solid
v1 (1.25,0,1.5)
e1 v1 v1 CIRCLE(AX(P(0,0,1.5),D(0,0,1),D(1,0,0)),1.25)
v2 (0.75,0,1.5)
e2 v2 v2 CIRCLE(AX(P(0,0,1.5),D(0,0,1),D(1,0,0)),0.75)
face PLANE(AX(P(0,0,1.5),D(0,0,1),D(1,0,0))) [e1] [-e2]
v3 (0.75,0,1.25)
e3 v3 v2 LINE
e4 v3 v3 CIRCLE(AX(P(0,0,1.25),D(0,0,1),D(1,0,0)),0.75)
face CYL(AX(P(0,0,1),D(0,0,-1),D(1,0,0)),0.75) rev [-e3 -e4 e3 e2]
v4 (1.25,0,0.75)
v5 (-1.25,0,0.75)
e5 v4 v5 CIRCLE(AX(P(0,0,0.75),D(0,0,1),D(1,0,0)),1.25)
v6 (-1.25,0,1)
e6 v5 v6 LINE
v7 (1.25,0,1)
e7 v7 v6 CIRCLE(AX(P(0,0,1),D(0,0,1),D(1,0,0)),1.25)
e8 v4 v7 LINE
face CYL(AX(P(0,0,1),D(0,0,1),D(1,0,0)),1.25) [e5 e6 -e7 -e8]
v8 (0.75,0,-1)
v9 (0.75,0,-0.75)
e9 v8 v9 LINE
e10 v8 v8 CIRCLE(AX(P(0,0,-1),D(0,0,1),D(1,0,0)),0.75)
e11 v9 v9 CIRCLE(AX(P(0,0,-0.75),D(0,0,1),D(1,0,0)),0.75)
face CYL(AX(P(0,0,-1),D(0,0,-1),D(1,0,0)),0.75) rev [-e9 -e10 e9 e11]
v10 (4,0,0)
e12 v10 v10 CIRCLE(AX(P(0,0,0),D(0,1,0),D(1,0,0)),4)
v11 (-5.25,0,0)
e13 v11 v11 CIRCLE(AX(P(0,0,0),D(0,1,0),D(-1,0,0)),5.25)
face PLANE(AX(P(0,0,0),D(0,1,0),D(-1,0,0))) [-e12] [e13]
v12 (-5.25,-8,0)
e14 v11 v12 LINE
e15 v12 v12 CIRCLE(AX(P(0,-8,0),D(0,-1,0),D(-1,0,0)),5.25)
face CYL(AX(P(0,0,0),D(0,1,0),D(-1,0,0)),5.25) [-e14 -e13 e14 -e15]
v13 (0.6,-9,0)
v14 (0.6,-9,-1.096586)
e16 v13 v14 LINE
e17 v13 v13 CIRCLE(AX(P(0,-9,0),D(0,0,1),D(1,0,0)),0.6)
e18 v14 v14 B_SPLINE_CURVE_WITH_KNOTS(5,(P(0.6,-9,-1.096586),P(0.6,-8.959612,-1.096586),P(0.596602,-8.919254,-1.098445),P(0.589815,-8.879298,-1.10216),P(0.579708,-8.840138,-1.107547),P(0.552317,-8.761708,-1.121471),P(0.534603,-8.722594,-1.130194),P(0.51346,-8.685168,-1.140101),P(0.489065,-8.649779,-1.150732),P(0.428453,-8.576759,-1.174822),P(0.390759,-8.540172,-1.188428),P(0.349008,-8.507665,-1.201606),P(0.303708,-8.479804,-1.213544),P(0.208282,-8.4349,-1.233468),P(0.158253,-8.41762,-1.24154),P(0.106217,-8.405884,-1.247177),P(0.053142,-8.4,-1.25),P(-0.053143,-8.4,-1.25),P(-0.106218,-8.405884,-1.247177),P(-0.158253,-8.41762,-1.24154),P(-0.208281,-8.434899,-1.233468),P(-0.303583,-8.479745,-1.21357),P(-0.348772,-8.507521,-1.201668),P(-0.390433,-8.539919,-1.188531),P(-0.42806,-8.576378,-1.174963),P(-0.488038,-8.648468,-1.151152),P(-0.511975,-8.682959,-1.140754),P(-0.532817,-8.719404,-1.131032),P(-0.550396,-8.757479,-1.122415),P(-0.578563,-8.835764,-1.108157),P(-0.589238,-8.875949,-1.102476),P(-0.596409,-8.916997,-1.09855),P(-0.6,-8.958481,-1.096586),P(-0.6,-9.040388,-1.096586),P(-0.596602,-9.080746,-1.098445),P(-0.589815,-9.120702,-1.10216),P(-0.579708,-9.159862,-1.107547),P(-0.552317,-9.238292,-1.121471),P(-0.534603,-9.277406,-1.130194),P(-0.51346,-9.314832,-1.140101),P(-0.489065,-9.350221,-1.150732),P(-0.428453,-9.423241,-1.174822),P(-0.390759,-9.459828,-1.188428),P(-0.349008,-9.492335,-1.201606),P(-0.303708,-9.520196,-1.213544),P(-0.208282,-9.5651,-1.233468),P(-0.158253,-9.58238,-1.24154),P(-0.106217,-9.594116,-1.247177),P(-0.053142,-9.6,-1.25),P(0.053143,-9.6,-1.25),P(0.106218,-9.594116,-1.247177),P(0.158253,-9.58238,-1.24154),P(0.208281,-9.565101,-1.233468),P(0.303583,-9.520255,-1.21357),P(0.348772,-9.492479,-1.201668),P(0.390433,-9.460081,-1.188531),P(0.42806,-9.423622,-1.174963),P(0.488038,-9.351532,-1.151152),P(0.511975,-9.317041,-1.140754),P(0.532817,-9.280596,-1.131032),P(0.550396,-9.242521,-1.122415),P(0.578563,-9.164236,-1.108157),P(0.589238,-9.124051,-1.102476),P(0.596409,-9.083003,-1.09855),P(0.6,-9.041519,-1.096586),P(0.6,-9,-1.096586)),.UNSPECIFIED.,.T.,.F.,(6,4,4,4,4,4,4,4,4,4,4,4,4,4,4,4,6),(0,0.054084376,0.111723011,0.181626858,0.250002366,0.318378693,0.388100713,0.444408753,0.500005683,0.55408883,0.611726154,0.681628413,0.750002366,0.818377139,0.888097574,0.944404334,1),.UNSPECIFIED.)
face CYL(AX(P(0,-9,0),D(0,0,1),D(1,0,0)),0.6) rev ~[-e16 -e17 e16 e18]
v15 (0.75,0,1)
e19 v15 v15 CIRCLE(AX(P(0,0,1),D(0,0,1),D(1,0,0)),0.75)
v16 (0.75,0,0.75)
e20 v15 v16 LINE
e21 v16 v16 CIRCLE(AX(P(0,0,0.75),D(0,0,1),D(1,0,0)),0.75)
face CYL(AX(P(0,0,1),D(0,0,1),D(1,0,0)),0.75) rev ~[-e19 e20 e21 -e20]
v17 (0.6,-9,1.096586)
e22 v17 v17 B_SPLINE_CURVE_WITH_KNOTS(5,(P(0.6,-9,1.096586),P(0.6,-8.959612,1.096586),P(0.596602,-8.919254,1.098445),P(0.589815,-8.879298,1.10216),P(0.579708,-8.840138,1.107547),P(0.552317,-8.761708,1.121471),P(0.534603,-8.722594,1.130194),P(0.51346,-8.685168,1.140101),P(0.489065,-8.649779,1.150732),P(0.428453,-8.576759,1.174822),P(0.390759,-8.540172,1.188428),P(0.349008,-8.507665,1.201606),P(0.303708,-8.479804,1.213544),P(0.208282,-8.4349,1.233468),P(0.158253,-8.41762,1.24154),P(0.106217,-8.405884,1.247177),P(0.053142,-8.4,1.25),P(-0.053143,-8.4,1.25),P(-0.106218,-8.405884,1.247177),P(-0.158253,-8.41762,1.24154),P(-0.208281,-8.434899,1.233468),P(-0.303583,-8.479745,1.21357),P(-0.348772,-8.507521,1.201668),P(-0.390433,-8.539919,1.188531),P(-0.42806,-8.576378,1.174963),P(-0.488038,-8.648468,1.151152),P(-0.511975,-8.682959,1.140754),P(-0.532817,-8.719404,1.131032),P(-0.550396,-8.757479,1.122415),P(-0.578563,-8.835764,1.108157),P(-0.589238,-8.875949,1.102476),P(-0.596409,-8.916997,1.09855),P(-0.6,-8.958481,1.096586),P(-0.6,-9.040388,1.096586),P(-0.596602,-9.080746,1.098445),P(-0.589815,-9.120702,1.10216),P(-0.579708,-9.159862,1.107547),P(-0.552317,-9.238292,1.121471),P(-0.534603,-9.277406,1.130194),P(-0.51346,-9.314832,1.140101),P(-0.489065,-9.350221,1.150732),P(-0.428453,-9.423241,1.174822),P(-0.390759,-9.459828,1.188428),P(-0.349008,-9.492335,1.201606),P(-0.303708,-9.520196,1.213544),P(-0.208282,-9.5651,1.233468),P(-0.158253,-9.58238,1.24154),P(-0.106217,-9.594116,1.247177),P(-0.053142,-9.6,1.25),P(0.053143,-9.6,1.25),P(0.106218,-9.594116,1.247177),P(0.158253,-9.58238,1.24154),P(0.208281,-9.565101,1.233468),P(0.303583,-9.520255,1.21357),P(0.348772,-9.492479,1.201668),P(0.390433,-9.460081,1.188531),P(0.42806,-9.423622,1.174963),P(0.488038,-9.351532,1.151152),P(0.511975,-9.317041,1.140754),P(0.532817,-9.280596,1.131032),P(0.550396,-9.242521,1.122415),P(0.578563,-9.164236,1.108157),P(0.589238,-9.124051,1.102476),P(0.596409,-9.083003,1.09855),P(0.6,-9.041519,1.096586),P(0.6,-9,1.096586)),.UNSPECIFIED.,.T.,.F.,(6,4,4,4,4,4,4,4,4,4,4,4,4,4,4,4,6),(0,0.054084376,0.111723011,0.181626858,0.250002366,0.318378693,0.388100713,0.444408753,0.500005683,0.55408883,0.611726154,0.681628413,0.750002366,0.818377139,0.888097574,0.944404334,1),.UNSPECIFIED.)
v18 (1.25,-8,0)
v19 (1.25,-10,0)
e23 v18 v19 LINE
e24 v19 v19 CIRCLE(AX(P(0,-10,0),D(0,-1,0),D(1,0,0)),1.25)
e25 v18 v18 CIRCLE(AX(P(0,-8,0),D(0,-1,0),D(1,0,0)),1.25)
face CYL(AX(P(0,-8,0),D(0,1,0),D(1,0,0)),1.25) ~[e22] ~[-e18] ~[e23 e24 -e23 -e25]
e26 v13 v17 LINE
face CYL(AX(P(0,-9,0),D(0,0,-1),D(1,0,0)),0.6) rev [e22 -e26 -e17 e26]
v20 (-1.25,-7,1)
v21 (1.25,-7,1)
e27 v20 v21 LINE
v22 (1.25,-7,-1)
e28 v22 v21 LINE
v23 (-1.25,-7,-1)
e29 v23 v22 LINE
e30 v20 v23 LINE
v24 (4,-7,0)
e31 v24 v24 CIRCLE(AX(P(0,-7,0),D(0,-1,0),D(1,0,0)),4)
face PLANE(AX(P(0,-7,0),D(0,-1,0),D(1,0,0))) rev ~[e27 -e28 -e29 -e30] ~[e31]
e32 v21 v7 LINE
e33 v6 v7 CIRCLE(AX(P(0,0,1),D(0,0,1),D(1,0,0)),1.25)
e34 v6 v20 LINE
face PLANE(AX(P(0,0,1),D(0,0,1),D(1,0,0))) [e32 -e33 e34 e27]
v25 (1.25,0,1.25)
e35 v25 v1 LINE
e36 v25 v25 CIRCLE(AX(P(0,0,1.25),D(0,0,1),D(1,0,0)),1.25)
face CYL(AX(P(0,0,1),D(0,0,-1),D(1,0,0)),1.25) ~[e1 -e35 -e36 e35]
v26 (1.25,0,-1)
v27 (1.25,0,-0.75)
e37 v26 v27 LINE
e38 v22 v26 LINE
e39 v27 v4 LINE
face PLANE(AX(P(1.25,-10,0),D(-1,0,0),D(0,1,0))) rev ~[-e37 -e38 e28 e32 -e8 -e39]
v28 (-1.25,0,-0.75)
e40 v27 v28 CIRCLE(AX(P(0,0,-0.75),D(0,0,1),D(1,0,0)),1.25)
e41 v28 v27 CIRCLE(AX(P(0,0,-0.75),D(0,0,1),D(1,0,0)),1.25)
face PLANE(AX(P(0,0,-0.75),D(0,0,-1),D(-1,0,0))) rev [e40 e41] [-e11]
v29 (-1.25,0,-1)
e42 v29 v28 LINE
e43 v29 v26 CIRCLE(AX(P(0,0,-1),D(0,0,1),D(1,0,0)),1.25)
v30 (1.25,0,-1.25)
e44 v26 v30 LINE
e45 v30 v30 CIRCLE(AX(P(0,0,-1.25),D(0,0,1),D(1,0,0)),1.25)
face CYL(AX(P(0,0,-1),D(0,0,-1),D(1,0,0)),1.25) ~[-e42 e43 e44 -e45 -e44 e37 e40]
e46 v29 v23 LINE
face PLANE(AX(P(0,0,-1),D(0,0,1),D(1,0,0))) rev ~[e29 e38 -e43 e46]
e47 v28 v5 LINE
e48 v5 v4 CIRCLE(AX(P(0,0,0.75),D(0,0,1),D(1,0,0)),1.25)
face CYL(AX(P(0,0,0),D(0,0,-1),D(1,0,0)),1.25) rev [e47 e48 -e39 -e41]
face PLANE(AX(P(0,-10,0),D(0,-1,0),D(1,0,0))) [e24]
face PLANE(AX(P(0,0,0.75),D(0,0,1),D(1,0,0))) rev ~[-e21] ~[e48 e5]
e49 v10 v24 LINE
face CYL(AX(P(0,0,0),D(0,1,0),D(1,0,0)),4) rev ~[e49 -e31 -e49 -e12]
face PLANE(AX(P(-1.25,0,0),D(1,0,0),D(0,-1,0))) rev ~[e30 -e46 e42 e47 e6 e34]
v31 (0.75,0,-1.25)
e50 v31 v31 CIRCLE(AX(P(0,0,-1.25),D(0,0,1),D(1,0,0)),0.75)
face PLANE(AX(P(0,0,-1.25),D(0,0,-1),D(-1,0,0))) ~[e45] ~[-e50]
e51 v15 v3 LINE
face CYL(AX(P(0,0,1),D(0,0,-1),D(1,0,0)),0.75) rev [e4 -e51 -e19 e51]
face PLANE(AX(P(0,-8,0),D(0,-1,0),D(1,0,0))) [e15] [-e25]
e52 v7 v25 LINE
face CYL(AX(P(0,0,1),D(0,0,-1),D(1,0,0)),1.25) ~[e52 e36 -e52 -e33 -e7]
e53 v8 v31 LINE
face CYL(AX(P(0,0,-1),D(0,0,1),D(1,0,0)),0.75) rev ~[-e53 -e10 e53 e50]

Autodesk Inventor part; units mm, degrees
ref_plane "YZ Plane" through (0, 0, 0) normal (1, 0, 0) x (0, 1, 0)
ref_plane "XZ Plane" through (0, 0, 0) normal (0, 1, 0) x (-1, 0, 0)
ref_plane "XY Plane" through (0, 0, 0) normal (0, 0, 1) x (1, 0, 0)
sketch "Sketch1" plane through (0, 0, 0) normal (0, 1, 0) x (-1, 0, 0)
  circle A0 centre (0, 0) radius 5.25
  dimension "d0" = 10.5
extrude "Extrusion1" add sketch "Sketch1" against normal blind 12
sketch "Sketch2" plane through (0, 0, 0) normal (0, 1, 0) x (1, 0, 0)
  circle A0 centre (0, 0) radius 4
  dimension "d3" = 8
extrude "Extrusion2" cut sketch "Sketch2" against normal blind 10
sketch "Sketch3" plane through (0, 0, 0) normal (0, 0, 1) x (1, 0, 0)
  point P0 (0, 0)
sketch "Sketch4" plane through (0, 0, 0) normal (0, 0, 1) x (1, 0, 0)
  circle A0 centre (0, 0) radius 0.75
  circle A1 centre (0, 0) radius 1.25
  line L0 (-1.25, 0) -> (-1.25, -10)
  line L1 (-1.25, -10) -> (1.25, -10)
  line L2 (1.25, -10) -> (1.25, 0)
  dimension "d6" = 1.5
  dimension "d7" = 2.5
  dimension "d8" = 10
extrude "Extrusion3" add sketch "Sketch4" along normal mid plane 2 contours L2 L1 L0 A1
sketch "Sketch5" plane through (0, 0, 1) normal (0, 0, 1) x (1, 0, 0)
  circle A0 centre (0, 0) radius 0.75 projected
  circle A1 centre (0, 0) radius 1.25 projected
extrude "Extrusion4" add sketch "Sketch5" along normal mid plane 0.5
extrude "Extrusion5" add sketch "Sketch5" along normal blind 0.5
mirror "Mirror1" about plane through (0, 0, 0) normal (0, 0, 1) of "Extrusion4"
sketch "Sketch6" plane through (0, -12, 0) normal (0, -1, 0) x (1, 0, 0)
  circle A0 centre (0, 0) radius 5.25 projected
extrude "Extrusion6" cut sketch "Sketch6" against normal blind 4
sketch "Sketch7" plane through (0, -8, 0) normal (0, -1, 0) x (1, 0, 0)
  circle A0 centre (0, 0) radius 4 projected
extrude "Extrusion7" add sketch "Sketch7" against normal blind 1
sketch "Sketch8" plane through (0, -8, 0) normal (0, -1, 0) x (1, 0, 0)
  circle A0 centre (0, 0) radius 1.25
  dimension "d19" = 2.5
extrude "Extrusion8" add sketch "Sketch8" along normal blind 2
sketch "Sketch9" plane through (0, 0, 0) normal (0, 0, 1) x (1, 0, 0)
  line L0 (-1.25, -10) -> (1.25, -10) projected
  line L1 (1.25, -8) -> (-1.25, -8) projected
  circle A0 centre (0, -9) radius 0.6
  point P0 (0, 0)
  point P1 (0, -8)
  point P2 (0, -10)
  dimension "d23" = 1.2
extrude "Extrusion9" cut sketch "Sketch9" along normal through all both and the other way through all
properties part number "Cylinder_10.5mm"
